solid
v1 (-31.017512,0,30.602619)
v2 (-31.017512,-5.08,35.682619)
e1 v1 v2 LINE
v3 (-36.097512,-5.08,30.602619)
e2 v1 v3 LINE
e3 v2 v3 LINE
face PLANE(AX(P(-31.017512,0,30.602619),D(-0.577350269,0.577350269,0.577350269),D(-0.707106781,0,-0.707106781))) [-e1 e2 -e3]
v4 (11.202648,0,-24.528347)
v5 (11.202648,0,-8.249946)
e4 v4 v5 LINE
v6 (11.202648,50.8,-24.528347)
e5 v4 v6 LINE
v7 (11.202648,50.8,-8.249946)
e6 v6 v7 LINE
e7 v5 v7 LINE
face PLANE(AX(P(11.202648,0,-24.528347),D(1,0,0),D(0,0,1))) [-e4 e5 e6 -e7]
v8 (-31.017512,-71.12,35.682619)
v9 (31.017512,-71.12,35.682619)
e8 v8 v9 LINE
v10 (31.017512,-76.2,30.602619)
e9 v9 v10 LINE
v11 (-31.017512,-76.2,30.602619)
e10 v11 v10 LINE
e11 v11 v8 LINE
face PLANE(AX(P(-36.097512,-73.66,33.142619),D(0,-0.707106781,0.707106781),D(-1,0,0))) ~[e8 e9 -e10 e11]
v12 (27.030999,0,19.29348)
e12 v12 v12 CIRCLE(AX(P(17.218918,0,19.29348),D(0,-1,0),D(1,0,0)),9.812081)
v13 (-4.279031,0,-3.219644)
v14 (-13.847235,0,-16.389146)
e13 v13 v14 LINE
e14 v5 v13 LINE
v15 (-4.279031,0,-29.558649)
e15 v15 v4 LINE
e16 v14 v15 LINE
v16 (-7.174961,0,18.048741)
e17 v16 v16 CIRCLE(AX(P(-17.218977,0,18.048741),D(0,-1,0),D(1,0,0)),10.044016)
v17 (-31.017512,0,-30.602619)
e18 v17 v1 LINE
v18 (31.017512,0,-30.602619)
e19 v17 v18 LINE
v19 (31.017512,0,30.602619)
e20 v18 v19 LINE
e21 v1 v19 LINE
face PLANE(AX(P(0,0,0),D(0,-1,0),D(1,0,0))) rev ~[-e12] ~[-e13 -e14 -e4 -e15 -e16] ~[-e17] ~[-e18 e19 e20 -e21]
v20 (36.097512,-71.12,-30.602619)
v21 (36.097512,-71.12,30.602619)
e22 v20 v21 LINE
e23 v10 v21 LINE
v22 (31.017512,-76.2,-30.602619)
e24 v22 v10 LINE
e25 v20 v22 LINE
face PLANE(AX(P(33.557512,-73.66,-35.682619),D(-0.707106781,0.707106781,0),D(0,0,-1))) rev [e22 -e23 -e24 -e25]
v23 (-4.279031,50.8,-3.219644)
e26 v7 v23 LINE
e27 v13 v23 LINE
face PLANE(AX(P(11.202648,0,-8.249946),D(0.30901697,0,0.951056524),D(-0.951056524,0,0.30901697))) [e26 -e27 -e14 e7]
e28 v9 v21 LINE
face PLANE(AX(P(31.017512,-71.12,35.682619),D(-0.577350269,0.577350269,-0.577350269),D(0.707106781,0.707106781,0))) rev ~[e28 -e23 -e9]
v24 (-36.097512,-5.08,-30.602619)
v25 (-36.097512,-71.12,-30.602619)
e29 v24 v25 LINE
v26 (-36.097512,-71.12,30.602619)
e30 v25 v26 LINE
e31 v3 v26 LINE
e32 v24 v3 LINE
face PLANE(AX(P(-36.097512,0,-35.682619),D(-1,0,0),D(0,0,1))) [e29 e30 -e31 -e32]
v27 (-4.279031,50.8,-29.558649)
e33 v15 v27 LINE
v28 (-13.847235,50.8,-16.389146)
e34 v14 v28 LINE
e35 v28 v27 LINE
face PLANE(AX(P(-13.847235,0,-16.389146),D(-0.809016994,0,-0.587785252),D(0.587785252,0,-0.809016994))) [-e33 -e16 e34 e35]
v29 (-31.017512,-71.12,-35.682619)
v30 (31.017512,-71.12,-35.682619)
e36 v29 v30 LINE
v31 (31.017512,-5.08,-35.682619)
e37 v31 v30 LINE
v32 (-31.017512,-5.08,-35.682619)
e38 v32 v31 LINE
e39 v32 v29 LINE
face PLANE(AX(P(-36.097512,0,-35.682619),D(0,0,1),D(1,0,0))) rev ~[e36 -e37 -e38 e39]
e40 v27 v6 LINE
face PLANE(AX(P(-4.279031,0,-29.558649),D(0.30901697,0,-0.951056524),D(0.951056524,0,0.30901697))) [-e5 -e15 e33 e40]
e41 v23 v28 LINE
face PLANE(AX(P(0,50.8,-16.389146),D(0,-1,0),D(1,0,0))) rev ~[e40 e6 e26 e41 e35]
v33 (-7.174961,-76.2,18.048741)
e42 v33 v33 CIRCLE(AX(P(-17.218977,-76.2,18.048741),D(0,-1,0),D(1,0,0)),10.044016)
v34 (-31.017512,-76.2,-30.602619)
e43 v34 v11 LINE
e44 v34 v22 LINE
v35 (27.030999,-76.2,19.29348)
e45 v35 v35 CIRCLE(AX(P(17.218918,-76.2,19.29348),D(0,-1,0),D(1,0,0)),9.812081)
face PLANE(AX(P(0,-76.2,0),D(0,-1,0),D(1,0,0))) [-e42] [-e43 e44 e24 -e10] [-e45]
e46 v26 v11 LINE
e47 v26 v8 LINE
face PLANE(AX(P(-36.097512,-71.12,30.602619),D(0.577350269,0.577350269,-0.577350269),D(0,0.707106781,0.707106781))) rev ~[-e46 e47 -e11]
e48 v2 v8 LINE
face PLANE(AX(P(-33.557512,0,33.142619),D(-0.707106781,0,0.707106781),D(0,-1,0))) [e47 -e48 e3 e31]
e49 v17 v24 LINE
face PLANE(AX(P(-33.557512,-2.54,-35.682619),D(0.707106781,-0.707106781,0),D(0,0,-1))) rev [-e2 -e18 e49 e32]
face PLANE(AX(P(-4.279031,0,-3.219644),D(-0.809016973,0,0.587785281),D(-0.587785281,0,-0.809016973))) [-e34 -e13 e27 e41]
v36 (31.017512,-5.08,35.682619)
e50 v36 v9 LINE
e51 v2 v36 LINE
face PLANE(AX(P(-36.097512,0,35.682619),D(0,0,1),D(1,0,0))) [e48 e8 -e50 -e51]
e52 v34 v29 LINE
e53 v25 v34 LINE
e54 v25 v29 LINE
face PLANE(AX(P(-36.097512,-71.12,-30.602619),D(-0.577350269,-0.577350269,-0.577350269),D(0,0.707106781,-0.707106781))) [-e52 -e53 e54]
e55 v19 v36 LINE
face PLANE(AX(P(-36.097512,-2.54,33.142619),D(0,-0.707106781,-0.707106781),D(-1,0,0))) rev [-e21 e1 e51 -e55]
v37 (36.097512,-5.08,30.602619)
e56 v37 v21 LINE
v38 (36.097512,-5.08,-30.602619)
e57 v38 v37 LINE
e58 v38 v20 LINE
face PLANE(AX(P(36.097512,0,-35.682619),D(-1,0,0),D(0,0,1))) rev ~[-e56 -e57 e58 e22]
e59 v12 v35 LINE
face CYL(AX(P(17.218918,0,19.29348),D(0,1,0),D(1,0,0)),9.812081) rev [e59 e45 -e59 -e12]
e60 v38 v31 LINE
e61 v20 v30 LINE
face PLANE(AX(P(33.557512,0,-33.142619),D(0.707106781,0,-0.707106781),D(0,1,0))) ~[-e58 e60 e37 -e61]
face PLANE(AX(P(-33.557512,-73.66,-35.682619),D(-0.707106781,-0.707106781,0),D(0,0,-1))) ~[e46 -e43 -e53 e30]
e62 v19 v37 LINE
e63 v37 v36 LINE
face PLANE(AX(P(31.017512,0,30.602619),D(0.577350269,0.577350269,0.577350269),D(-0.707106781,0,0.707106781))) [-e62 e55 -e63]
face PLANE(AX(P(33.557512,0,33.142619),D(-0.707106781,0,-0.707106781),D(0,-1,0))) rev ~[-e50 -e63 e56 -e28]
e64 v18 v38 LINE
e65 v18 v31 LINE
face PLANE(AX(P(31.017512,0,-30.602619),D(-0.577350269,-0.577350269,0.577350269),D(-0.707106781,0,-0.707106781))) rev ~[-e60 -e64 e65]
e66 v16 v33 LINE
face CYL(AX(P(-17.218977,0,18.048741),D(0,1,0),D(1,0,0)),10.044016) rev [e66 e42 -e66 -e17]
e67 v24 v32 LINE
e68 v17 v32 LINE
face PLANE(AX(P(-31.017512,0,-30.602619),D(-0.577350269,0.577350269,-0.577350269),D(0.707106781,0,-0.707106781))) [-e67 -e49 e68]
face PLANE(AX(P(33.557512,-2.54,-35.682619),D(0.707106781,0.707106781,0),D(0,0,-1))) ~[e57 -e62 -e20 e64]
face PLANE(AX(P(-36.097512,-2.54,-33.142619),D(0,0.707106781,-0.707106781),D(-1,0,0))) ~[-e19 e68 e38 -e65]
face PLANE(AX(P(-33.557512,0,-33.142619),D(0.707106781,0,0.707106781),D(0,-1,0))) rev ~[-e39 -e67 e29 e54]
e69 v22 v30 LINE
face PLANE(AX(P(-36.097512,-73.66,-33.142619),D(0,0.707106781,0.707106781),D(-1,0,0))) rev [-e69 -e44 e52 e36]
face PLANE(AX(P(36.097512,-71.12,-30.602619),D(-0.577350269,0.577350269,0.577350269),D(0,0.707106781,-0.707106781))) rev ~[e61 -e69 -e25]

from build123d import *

# Parameters (mm, degrees)
F0_W     = 72.195024
F0_H     = 71.365238
F1_DEPTH = 76.2
F2_SIZE  = 5.08
F3_R     = 10.044016
F3_R_2   = 9.812081
F4_DEPTH = 76.2
F6_DEPTH = 50.8


with BuildPart() as f1:
    # F0 (on Front) → F1 (new body)
    with BuildSketch(Plane.XZ):
        Rectangle(F0_W, F0_H)
    extrude(amount=F1_DEPTH)

    # F2
    f2_edges = [f1.edges().sort_by_distance(p)[0] for p in [
        (0, -76.2, -35.682619),
        (36.097512, -76.2, 0),
        (0, -76.2, 35.682619),
        (-36.097512, -76.2, 0),
        (36.097512, -38.1, -35.682619),
        (36.097512, -38.1, 35.682619),
        (36.097512, 0, 0),
        (-36.097512, -38.1, 35.682619),
        (0, 0, 35.682619),
        (-36.097512, -38.1, -35.682619),
        (-36.097512, 0, 0),
        (0, 0, -35.682619),
    ]]
    chamfer(f2_edges, length=F2_SIZE)

    # F3 (on Front) → F4 (cut)
    with BuildSketch(Plane.XZ):
        with Locations((-17.218977, 18.048741)):
            Circle(F3_R)
        with Locations((17.218918, 19.29348)):
            Circle(F3_R_2)
    extrude(amount=F4_DEPTH, mode=Mode.SUBTRACT)

    # F5 (on Front) → F6 (join)
    with BuildSketch(Plane.XZ):
        Polygon((11.202648, -24.528347), (11.202648, -8.249946), (-4.279031, -3.219644), (-13.847235, -16.389146), (-4.279031, -29.558649), align=None)
    extrude(amount=-F6_DEPTH)


solid = f1.part
